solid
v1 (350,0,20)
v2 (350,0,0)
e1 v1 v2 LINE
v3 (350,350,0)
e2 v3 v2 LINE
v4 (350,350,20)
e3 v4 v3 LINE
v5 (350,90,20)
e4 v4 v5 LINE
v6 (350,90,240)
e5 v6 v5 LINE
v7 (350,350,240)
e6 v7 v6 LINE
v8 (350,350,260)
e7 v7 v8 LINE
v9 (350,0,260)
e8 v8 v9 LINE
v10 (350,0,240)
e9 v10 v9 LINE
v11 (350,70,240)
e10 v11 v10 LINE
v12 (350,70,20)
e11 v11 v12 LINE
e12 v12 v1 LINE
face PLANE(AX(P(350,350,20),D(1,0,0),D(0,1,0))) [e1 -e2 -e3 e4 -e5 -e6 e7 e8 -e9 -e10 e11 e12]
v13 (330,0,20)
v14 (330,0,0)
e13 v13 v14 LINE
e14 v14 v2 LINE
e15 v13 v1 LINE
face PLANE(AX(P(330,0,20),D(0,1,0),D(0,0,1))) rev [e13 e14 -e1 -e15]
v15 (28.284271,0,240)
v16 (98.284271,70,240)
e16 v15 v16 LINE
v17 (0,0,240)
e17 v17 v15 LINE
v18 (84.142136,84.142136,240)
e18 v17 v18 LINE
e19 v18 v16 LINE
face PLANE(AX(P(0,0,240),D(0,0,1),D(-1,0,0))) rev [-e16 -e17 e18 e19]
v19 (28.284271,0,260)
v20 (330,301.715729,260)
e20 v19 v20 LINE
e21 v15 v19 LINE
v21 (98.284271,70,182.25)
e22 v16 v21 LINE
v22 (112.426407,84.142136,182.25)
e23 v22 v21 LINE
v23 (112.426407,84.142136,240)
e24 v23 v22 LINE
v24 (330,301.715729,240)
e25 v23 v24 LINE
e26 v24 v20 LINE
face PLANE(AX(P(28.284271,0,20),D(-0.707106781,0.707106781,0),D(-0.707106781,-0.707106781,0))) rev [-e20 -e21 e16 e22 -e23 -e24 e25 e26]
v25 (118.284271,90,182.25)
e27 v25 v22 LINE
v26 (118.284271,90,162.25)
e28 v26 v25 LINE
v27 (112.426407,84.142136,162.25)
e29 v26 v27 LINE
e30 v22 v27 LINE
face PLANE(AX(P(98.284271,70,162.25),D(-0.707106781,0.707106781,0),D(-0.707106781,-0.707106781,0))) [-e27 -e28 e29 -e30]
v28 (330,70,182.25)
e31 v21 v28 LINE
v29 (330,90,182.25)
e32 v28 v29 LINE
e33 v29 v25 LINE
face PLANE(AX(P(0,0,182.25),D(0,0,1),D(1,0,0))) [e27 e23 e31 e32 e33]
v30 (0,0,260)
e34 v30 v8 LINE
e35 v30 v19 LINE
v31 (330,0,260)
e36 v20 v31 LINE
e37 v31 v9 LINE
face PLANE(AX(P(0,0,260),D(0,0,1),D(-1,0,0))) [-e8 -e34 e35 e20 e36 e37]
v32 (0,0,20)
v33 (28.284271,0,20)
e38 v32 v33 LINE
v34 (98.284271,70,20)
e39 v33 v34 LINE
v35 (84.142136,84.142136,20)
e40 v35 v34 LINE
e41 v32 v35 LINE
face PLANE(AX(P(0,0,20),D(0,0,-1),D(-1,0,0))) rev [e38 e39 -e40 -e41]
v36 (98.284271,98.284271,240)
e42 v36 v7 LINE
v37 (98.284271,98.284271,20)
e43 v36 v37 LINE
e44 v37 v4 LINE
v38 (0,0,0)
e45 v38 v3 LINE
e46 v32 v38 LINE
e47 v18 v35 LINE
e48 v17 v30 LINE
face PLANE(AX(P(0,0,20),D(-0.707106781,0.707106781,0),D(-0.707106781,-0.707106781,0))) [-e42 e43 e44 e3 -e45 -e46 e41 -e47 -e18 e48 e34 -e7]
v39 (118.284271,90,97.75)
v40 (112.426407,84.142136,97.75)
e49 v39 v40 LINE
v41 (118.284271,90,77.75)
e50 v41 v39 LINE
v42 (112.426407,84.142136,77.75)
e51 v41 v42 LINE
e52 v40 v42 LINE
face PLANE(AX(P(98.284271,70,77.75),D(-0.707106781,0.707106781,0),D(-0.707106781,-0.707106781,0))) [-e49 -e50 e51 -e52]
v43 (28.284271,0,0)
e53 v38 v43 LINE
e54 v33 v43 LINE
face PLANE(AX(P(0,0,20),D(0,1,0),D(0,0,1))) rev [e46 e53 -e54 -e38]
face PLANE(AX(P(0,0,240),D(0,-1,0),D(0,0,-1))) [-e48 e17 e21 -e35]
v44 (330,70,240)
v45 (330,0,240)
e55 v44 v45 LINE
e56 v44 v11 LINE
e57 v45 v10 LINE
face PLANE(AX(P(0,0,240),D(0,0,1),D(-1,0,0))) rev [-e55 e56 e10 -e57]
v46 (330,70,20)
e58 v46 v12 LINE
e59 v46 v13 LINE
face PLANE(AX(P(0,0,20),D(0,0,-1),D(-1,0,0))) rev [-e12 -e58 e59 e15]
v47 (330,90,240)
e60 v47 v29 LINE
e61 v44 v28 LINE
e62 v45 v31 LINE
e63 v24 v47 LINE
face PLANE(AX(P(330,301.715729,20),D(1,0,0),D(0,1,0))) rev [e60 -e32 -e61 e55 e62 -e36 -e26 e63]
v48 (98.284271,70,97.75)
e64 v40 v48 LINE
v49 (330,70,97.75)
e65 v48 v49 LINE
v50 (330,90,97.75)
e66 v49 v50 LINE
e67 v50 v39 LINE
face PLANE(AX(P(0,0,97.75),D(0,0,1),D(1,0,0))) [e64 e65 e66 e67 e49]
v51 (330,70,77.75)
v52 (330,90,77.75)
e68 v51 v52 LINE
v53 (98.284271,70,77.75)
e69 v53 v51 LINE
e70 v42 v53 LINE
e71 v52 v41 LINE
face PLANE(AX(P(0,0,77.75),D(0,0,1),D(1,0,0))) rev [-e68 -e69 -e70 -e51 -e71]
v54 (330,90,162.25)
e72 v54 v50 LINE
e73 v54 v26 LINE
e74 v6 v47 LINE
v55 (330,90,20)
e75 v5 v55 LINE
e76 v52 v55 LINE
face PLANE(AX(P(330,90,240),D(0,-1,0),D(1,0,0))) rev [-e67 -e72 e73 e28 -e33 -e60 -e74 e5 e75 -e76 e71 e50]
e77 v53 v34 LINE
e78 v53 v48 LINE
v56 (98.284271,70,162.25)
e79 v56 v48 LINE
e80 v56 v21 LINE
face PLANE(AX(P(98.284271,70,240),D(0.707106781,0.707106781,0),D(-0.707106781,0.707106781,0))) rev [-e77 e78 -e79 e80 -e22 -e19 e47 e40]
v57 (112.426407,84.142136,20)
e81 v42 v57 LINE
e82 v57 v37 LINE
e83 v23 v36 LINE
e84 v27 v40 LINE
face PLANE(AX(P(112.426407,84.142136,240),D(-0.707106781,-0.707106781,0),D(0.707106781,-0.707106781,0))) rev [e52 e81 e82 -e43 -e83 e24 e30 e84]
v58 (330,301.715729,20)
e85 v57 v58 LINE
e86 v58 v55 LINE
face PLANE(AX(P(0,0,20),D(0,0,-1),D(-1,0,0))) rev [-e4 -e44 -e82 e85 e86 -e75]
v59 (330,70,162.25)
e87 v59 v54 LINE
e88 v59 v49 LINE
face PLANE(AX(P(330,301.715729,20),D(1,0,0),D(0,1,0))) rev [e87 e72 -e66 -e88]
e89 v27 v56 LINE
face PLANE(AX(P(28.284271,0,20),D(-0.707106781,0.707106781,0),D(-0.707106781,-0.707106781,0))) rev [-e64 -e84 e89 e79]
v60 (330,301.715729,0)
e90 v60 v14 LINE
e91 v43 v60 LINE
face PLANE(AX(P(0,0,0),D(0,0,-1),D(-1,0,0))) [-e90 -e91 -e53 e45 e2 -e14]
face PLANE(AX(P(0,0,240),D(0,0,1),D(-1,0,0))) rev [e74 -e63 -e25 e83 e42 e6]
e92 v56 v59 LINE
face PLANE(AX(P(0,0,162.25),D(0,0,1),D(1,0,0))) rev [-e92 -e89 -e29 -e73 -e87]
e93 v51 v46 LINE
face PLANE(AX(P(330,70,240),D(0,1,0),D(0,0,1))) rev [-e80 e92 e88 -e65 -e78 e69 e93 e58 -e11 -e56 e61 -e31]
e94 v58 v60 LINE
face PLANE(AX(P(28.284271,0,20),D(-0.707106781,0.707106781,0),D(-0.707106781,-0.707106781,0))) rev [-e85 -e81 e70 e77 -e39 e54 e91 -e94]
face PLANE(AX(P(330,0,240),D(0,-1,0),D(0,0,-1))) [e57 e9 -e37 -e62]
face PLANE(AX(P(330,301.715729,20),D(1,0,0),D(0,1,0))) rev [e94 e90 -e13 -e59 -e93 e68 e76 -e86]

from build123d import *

# Parameters (mm, degrees)
BOSS_EXTRUDE1_DEPTH = 20
SKETCH2_W           = 20
SKETCH2_H           = 20
BOSS_EXTRUDE2_DEPTH = 220
BOSS_EXTRUDE3_DEPTH = 20
LPATTERN1_COUNT     = 2
LPATTERN1_PITCH     = 84.5


with BuildPart() as part:
    # Sketch1 → Boss-Extrude1 (new body)
    with BuildSketch(Plane.XY):
        Polygon((0, 0), (350, 350), (350, 0), (330, 0), (330, 301.715728753), (28.284271247, 0), align=None)
    boss_extrude1 = extrude(amount=BOSS_EXTRUDE1_DEPTH)

    # Sketch2 → Boss-Extrude2 (add)
    with BuildSketch(Plane.XY.offset(20)):
        with Locations((340, 80)):
            Rectangle(SKETCH2_W, SKETCH2_H)
        Polygon((98.284271247, 70), (112.426406871, 84.142135624), (98.284271247, 98.284271247), (84.142135624, 84.142135624), align=None)
    extrude(amount=BOSS_EXTRUDE2_DEPTH)

    # Mirror1: Boss-Extrude1 across plane
    add(boss_extrude1.mirror(Plane(origin=(0, 0, 130), x_dir=(1, 0, 0), z_dir=(0, 0, -1))))

    # Sketch5 → Boss-Extrude3 (add)
    with BuildSketch(Plane.XY.offset(182.25)):
        Polygon((330, 70), (98.284271247, 70), (118.284271247, 90), (330, 90), align=None)
    boss_extrude3 = extrude(amount=-BOSS_EXTRUDE3_DEPTH)

    # LPattern1: Boss-Extrude3 ×2
    with Locations(*[(0, 0, -i * LPATTERN1_PITCH) for i in range(1, LPATTERN1_COUNT)]):
        add(boss_extrude3)


solid = part.part
